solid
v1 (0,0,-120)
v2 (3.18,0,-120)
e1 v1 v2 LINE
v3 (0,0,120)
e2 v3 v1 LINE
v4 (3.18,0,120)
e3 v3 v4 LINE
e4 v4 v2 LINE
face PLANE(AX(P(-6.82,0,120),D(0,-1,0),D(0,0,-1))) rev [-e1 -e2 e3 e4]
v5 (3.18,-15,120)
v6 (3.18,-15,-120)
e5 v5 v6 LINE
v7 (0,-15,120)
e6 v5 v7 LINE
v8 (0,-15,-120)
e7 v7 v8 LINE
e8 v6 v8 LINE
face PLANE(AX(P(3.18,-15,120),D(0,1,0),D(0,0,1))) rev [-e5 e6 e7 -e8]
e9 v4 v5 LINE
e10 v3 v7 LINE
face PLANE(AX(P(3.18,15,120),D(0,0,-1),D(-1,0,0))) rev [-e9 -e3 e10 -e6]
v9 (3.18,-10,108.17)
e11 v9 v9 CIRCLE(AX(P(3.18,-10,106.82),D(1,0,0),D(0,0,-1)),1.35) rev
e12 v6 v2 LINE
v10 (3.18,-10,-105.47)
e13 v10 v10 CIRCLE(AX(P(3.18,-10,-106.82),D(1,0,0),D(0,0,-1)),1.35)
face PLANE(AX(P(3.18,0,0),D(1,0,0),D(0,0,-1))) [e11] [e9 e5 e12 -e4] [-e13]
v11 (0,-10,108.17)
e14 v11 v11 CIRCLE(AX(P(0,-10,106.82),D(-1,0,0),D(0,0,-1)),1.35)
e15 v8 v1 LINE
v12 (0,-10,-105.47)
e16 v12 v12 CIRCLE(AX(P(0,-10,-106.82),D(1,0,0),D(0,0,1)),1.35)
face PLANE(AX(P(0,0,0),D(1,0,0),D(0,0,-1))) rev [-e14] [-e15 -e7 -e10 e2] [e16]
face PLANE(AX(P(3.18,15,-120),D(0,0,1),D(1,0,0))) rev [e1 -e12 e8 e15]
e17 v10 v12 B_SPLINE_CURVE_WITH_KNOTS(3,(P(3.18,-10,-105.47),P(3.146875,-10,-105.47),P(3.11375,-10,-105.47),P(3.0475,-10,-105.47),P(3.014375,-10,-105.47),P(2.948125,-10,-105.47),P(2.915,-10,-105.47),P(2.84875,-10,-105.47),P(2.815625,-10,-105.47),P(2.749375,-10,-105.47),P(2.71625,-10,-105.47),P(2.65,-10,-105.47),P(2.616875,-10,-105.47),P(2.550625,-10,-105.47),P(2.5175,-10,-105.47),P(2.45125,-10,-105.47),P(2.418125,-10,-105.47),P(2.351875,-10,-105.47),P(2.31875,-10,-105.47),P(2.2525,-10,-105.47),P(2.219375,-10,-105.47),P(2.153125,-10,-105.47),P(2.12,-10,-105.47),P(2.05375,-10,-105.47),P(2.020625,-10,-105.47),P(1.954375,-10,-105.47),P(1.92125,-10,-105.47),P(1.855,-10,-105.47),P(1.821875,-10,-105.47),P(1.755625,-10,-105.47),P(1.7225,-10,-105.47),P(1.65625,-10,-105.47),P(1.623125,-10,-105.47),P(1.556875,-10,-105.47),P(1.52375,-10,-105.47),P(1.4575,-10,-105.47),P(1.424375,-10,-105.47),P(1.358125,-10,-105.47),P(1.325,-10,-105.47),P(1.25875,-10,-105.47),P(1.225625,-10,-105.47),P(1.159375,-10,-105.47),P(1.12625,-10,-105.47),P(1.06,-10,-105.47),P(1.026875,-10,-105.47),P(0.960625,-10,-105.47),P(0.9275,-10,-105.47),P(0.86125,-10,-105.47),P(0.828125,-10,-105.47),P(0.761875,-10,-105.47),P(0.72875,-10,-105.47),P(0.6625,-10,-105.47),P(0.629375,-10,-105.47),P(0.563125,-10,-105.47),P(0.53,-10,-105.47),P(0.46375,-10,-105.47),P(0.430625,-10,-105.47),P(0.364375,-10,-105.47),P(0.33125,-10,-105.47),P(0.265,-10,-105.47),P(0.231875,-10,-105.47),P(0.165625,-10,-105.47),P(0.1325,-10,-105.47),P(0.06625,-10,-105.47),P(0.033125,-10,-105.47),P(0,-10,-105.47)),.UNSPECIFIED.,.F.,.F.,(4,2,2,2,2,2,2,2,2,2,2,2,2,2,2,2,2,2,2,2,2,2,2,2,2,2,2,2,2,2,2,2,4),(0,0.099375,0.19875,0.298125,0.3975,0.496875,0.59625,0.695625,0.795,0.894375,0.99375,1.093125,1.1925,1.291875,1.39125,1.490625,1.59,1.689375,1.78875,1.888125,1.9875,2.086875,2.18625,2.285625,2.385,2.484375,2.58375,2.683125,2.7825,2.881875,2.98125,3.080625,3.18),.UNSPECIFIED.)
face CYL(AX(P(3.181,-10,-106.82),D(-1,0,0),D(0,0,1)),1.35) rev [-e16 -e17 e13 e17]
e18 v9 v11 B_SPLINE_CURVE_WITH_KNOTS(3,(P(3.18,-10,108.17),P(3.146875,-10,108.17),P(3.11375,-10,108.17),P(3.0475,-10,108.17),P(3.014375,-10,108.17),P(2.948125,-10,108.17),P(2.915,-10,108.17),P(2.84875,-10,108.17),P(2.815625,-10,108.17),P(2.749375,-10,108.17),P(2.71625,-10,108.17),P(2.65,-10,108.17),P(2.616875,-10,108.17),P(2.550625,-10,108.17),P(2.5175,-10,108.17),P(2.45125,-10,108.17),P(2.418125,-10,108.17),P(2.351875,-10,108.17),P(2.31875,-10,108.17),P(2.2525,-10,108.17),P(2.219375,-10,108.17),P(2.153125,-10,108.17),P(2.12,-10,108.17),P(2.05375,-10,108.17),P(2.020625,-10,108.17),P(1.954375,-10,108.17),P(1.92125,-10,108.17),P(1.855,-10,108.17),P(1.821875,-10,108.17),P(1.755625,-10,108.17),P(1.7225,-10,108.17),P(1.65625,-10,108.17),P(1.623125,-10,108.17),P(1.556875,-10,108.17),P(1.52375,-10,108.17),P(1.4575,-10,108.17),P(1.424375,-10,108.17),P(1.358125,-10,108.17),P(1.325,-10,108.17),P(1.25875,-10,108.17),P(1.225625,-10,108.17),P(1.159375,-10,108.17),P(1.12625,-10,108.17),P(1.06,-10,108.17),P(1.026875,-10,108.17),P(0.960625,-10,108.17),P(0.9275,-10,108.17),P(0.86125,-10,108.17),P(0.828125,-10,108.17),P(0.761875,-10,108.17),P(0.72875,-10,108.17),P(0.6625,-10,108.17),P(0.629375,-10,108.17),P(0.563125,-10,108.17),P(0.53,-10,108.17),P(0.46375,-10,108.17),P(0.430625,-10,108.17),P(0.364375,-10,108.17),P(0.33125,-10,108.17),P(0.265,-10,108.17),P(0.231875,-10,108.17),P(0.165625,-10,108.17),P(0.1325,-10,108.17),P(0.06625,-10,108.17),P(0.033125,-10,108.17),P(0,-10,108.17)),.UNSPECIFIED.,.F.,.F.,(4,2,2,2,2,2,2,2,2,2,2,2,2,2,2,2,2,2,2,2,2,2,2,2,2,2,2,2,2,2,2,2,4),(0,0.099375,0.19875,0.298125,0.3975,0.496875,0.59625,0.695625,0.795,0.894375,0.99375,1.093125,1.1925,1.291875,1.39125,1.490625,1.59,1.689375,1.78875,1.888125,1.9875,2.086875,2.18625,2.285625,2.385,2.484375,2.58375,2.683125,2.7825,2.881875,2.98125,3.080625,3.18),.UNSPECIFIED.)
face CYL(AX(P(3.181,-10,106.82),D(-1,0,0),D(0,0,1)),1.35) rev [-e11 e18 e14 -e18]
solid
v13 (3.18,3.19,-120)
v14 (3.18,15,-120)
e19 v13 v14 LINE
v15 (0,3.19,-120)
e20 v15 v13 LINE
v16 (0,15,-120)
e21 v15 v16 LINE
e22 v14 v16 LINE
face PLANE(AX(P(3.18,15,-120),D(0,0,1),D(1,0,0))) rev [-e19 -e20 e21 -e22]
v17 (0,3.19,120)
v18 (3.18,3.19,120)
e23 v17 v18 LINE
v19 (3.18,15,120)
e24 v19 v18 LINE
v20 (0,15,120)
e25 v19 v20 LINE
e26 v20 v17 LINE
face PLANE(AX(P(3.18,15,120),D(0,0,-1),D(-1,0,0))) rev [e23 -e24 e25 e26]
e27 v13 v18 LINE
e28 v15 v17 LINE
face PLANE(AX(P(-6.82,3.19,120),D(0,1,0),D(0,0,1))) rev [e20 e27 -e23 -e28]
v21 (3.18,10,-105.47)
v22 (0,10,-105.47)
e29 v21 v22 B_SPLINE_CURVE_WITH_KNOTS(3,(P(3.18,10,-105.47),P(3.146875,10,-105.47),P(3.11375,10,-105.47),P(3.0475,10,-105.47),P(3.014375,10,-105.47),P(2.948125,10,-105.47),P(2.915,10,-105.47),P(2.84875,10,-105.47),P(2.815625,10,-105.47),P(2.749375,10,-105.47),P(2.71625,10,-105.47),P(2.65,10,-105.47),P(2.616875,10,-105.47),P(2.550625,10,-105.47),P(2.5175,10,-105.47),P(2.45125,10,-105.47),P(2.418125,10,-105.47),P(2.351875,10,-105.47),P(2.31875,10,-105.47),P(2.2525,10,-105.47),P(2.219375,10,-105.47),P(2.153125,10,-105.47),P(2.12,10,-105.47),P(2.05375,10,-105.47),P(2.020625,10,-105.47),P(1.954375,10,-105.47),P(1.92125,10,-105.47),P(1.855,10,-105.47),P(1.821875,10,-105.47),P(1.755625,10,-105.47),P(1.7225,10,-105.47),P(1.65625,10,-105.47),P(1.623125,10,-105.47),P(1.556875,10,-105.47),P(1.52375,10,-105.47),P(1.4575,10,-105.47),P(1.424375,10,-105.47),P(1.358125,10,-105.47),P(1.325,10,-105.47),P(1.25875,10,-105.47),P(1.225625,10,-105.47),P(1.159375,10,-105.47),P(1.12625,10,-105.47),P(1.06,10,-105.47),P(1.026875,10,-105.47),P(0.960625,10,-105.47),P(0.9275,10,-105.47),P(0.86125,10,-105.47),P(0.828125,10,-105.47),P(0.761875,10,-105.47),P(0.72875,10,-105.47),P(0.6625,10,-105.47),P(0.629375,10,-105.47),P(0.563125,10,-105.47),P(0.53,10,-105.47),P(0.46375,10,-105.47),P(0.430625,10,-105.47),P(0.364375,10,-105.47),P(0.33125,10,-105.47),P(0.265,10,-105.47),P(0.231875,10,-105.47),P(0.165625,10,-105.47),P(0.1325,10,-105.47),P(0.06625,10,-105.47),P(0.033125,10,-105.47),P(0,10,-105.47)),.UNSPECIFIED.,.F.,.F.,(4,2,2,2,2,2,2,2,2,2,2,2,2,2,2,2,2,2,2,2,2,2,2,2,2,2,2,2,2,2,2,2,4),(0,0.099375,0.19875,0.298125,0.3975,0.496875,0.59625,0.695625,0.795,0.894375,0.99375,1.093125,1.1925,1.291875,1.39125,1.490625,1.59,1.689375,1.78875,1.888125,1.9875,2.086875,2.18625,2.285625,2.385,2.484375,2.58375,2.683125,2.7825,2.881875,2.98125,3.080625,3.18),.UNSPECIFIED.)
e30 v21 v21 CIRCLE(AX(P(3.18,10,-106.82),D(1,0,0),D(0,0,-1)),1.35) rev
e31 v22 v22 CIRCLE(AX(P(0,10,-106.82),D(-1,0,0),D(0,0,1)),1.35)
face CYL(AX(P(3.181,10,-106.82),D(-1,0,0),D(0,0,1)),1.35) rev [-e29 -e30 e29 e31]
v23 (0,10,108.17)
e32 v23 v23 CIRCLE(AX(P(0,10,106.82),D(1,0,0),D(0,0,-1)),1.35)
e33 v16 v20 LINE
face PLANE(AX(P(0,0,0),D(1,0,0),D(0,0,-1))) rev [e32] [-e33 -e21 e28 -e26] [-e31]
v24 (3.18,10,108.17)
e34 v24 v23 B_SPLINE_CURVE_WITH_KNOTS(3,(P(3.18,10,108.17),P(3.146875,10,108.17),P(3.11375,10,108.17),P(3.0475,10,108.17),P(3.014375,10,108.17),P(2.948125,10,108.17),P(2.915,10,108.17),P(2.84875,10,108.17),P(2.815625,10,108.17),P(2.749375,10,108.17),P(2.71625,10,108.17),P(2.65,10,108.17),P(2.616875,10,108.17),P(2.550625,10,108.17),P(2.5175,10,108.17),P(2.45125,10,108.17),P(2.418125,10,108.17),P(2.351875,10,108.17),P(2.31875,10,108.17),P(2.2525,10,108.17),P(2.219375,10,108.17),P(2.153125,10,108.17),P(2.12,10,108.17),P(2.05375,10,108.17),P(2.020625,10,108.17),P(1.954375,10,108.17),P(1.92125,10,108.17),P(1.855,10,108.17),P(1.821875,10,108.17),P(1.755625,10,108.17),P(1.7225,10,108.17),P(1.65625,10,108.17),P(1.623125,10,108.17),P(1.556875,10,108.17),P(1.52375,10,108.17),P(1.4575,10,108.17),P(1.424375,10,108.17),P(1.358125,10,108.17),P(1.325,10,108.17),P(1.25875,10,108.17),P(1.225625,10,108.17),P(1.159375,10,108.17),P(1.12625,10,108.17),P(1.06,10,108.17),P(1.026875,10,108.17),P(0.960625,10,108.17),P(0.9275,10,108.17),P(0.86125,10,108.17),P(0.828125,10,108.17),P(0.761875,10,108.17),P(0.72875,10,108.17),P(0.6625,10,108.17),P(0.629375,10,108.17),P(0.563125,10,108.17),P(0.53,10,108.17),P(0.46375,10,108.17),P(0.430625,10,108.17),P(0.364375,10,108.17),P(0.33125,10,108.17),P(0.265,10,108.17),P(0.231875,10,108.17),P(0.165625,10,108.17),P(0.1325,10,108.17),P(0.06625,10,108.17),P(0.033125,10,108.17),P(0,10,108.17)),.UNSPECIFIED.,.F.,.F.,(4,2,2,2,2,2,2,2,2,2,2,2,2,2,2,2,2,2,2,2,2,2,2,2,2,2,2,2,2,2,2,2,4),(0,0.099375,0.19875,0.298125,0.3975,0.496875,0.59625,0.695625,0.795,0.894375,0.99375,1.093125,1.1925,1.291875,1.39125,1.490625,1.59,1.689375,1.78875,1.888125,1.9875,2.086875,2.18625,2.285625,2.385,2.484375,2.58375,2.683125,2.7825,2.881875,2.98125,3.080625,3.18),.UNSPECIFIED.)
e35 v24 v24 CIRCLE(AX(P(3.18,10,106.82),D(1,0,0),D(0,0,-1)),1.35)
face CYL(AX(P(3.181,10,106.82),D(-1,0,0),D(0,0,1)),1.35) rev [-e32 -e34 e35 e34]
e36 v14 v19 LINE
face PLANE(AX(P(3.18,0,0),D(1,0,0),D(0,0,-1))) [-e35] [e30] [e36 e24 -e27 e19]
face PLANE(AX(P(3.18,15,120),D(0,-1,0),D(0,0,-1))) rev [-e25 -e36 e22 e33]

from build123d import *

# Parameters (mm, degrees)
SKETCH1_W               = 240
SKETCH1_H               = 30
BOSS_EXTRUDE1_DEPTH     = 3.18
CUT_EXTRUDE1_REACH      = 122.976
SKETCH2_R               = 1.35
MIRROR2_COPY_1_REACH    = 122.976
MIRROR2_COPY_1_SKETCH_R = 1.35
SKETCH3_W               = 240
SKETCH3_H               = 3.19
CUT_EXTRUDE2_DEPTH      = 10


with BuildPart() as part:
    # Sketch1 → Boss-Extrude1 (new body)
    with BuildSketch(Plane(origin=(0, 0, 0), x_dir=(0, 0, -1), z_dir=(1, 0, 0))):
        Rectangle(SKETCH1_W, SKETCH1_H)
    extrude(amount=BOSS_EXTRUDE1_DEPTH)

    # Sketch2 → Cut-Extrude1 (cut, up to next)
    with BuildSketch(Plane.ZY, mode=Mode.PRIVATE) as cut_extrude1_sk1:
        with Locations((-106.82, 10)):
            Circle(SKETCH2_R)
    cut_extrude1_tool1 = extrude(cut_extrude1_sk1.sketch, amount=-CUT_EXTRUDE1_REACH, mode=Mode.PRIVATE) & part.part
    cut_extrude1 = cut_extrude1_tool1.solids().sort_by_distance((0, 10, -106.82))[0]
    add(cut_extrude1, mode=Mode.SUBTRACT)

    # Mirror1: Cut-Extrude1 across plane
    add(cut_extrude1.mirror(Plane.ZX), mode=Mode.SUBTRACT)

    # Mirror2: Cut-Extrude1 across plane
    add(cut_extrude1.mirror(Plane.XY), mode=Mode.SUBTRACT)

    # Mirror2 copy 1 sketch → Mirror2 copy 1 (cut, up to next)
    with BuildSketch(Plane(origin=(0, 0, 0), x_dir=(0, 0, -1), z_dir=(-1, 0, 0)), mode=Mode.PRIVATE) as mirror2_copy_1_sk1:
        with Locations((-106.82, 10)):
            Circle(MIRROR2_COPY_1_SKETCH_R)
    mirror2_copy_1_tool1 = extrude(mirror2_copy_1_sk1.sketch, amount=-MIRROR2_COPY_1_REACH, mode=Mode.PRIVATE) & part.part
    add(mirror2_copy_1_tool1.solids().sort_by_distance((0, -10, 106.82))[0], mode=Mode.SUBTRACT)

    # Sketch3 → Cut-Extrude2 (cut)
    with BuildSketch(Plane(origin=(3.18, 0, 0), x_dir=(0, 0, -1), z_dir=(1, 0, 0))):
        with Locations((0, 1.595)):
            Rectangle(SKETCH3_W, SKETCH3_H)
    extrude(amount=-CUT_EXTRUDE2_DEPTH, mode=Mode.SUBTRACT)


with BuildPart() as cut_extrude2_piece_1:
    # of the separate pieces the step leaves, piece 1, a body of its own (cut_extrude2_pieces)
    add(part.part.solids().sort_by_distance((0, -15, 120))[0])


with BuildPart() as cut_extrude2_piece_2:
    # of the separate pieces the step leaves, piece 2, a body of its own (cut_extrude2_pieces)
    add(part.part.solids().sort_by_distance((0, 15, 120))[0])


solid = Compound([cut_extrude2_piece_1.part, cut_extrude2_piece_2.part])
